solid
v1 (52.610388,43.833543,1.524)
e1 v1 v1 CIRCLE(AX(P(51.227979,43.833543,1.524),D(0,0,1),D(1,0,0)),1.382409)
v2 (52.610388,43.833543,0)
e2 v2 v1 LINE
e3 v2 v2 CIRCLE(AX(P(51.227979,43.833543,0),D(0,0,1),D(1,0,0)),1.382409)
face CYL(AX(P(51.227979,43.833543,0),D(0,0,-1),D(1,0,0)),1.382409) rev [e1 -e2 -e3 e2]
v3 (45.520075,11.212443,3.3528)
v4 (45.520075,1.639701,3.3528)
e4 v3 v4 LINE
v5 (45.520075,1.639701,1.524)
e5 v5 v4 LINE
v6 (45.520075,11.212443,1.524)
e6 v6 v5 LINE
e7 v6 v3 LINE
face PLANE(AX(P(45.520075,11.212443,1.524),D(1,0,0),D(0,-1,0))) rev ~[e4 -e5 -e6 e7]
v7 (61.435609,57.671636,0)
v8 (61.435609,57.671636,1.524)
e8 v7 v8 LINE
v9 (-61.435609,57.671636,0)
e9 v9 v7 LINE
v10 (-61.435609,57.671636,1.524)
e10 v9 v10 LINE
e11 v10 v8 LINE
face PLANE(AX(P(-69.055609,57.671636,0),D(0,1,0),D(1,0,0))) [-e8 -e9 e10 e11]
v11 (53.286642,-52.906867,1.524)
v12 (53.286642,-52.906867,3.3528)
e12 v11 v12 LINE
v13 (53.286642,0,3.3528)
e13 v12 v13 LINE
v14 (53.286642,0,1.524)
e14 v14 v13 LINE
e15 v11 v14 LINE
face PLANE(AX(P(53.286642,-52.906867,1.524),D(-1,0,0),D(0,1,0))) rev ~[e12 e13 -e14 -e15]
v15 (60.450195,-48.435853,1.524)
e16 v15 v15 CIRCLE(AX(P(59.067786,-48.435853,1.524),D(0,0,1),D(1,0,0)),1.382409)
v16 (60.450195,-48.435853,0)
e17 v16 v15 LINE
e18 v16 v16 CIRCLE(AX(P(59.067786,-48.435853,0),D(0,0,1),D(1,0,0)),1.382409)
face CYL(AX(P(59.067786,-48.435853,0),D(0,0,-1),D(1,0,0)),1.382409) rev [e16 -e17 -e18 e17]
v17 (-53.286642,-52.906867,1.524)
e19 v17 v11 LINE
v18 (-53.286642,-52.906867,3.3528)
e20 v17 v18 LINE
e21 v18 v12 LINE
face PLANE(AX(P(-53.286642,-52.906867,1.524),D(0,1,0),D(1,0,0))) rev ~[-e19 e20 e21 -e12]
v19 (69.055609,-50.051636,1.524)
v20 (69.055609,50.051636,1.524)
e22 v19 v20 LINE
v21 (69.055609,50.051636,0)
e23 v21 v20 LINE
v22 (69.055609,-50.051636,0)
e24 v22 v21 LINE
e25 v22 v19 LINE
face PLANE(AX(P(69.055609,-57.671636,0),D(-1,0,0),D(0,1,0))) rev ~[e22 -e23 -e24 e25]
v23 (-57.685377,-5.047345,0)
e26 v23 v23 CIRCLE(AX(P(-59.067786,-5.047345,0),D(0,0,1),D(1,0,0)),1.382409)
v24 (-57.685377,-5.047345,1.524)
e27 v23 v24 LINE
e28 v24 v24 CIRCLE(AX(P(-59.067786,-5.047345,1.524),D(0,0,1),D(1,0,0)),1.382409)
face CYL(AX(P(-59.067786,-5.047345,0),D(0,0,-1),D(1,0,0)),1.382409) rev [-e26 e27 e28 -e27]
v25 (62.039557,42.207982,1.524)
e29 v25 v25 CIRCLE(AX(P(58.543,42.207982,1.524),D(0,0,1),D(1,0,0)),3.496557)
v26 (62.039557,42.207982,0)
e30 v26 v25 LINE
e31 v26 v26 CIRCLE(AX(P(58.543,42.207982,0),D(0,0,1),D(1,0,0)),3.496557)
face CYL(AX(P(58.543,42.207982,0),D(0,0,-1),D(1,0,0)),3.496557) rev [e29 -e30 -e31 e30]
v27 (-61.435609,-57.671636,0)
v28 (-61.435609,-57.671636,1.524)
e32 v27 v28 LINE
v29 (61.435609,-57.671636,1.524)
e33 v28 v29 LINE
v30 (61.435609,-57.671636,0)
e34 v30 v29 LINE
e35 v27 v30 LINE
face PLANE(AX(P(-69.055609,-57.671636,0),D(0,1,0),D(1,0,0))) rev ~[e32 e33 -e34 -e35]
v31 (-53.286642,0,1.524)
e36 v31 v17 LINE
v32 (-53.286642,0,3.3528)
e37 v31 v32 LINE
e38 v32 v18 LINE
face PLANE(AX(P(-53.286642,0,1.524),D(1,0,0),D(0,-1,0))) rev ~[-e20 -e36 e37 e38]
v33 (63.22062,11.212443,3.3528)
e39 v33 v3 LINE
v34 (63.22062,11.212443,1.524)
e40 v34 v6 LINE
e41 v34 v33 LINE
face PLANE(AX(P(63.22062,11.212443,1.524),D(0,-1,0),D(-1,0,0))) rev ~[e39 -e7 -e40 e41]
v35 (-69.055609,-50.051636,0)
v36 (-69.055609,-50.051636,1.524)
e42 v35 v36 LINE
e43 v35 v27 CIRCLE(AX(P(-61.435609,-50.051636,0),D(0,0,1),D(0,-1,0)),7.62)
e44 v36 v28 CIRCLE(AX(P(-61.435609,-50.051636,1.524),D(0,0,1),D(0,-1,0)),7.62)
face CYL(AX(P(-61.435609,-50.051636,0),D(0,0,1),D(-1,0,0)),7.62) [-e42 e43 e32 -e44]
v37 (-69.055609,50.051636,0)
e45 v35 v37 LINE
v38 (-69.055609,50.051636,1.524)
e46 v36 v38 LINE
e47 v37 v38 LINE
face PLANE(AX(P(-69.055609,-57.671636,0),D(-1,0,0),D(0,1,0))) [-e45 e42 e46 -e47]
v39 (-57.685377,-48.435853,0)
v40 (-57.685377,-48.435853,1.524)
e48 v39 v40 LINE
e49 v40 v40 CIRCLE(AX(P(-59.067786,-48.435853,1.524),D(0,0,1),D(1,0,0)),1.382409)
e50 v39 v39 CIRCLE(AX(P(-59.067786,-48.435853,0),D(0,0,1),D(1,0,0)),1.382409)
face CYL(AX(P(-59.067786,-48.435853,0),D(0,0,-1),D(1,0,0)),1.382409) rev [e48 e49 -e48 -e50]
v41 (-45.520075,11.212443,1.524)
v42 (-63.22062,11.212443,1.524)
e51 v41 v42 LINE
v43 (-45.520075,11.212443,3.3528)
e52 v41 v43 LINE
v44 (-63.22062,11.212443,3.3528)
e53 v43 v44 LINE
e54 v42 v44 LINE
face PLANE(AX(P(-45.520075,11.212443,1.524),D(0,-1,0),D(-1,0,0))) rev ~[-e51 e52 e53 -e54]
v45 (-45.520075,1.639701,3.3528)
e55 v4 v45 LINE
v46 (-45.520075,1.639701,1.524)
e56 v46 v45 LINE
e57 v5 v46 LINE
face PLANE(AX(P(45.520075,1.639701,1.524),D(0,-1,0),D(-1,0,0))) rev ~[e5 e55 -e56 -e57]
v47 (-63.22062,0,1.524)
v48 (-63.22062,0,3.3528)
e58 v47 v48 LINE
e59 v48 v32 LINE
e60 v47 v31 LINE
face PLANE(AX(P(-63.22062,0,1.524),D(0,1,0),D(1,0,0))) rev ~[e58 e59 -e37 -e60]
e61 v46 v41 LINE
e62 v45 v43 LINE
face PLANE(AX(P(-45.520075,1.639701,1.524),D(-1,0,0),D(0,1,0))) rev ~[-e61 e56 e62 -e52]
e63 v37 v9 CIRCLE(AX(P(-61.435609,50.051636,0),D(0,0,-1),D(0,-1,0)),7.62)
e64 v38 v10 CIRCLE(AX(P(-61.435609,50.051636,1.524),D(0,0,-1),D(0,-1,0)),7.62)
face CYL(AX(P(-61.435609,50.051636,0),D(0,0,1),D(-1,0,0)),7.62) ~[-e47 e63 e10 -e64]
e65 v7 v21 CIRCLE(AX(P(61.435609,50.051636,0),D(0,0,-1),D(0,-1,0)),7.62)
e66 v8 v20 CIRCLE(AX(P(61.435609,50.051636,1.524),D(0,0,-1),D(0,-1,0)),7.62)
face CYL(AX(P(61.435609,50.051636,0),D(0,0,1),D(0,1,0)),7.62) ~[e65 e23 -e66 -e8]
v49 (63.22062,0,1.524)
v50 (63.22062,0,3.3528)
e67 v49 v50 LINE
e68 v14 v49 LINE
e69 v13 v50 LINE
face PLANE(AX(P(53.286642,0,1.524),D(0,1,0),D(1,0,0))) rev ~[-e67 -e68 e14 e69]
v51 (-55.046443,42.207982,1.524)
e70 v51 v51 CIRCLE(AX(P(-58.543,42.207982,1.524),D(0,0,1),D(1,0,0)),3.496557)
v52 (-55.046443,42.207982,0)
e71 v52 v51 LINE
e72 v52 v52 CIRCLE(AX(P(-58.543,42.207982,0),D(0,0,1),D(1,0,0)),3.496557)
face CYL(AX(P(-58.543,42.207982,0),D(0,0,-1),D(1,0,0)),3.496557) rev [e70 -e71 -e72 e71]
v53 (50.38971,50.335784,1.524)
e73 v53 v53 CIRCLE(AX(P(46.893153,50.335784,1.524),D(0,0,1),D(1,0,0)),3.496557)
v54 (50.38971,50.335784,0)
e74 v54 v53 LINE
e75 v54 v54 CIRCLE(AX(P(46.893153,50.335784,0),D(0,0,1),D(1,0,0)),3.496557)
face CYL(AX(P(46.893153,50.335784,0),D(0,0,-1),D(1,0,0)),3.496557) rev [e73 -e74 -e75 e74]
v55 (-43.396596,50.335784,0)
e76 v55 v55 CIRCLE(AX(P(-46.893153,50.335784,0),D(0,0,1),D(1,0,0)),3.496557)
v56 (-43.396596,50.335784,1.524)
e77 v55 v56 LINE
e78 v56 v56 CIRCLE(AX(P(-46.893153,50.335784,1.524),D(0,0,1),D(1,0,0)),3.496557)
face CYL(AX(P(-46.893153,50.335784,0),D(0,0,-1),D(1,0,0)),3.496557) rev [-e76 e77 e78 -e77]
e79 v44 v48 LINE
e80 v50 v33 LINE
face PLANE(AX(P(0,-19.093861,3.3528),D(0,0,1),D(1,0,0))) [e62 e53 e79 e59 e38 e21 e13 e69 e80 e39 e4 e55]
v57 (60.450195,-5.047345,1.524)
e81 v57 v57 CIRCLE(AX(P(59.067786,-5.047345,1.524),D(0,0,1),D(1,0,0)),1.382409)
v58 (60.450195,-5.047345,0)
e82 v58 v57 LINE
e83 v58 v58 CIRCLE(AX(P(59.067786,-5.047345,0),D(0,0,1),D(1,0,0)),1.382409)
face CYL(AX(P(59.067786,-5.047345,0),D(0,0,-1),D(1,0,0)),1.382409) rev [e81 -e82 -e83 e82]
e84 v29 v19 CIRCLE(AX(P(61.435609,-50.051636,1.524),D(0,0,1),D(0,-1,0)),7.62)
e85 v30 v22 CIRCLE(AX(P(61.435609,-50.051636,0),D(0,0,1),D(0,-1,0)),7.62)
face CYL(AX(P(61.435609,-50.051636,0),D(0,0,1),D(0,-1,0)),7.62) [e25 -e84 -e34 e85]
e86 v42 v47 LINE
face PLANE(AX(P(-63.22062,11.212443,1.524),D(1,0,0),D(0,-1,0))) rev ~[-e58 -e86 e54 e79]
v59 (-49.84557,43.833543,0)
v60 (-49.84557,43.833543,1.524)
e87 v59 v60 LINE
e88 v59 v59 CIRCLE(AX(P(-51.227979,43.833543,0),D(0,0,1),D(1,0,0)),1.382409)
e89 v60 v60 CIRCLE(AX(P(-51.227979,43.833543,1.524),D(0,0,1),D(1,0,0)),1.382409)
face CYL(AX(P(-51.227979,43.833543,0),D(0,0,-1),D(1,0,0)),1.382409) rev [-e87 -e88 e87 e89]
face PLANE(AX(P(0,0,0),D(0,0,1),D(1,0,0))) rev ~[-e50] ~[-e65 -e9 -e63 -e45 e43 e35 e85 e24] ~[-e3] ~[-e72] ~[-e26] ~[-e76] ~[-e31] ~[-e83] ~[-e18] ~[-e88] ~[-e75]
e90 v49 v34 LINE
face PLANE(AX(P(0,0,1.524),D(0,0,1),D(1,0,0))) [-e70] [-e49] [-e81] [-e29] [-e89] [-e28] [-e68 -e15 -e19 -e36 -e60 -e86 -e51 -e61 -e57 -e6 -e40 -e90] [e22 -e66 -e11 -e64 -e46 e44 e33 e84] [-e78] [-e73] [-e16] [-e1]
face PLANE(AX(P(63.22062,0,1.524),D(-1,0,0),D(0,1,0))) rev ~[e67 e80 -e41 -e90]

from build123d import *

# Parameters (mm, degrees)
F0_W     = 138.111218
F0_H     = 115.343272
F0_R     = 1.382409
F0_R_2   = 3.496557
F1_DEPTH = 1.524
F3_DEPTH = 1.8288
F4_R     = 7.62


with BuildPart() as f1:
    # F0 (on Top) → F1 (new body)
    with BuildSketch(Plane.XY):
        Rectangle(F0_W, F0_H)
        with Locations((-59.067786, -48.435853)):
            Circle(F0_R, mode=Mode.SUBTRACT)
        with Locations((-59.067786, -5.047345)):
            Circle(F0_R, mode=Mode.SUBTRACT)
        with Locations((59.067786, -48.435853)):
            Circle(F0_R, mode=Mode.SUBTRACT)
        with Locations((59.067786, -5.047345)):
            Circle(F0_R, mode=Mode.SUBTRACT)
        with Locations((-58.543, 42.207982)):
            Circle(F0_R_2, mode=Mode.SUBTRACT)
        with Locations((-51.227979, 43.833543)):
            Circle(F0_R, mode=Mode.SUBTRACT)
        with Locations((-46.893153, 50.335784)):
            Circle(F0_R_2, mode=Mode.SUBTRACT)
        with Locations((58.543, 42.207982)):
            Circle(F0_R_2, mode=Mode.SUBTRACT)
        with Locations((51.227979, 43.833543)):
            Circle(F0_R, mode=Mode.SUBTRACT)
        with Locations((46.893153, 50.335784)):
            Circle(F0_R_2, mode=Mode.SUBTRACT)
    extrude(amount=F1_DEPTH)

    # F2 (on face) → F3 (join)
    with BuildSketch(Plane.XY.offset(1.524)):
        Polygon((-53.286642, -52.906867), (0, -52.906867), (53.286642, -52.906867), (53.286642, 0), (63.22062, 0), (63.22062, 11.212443), (45.520075, 11.212443), (45.520075, 1.639701), (0, 1.639701), (-45.520075, 1.639701), (-45.520075, 11.212443), (-63.22062, 11.212443), (-63.22062, 0), (-53.286642, 0), align=None)
    extrude(amount=F3_DEPTH)

    # F4
    f4_edges = [f1.edges().sort_by_distance(p)[0] for p in [
        (-69.055609, 57.671636, 0.762),
        (69.055609, 57.671636, 0.762),
        (69.055609, -57.671636, 0.762),
        (-69.055609, -57.671636, 0.762),
    ]]
    fillet(f4_edges, radius=F4_R)


solid = f1.part
